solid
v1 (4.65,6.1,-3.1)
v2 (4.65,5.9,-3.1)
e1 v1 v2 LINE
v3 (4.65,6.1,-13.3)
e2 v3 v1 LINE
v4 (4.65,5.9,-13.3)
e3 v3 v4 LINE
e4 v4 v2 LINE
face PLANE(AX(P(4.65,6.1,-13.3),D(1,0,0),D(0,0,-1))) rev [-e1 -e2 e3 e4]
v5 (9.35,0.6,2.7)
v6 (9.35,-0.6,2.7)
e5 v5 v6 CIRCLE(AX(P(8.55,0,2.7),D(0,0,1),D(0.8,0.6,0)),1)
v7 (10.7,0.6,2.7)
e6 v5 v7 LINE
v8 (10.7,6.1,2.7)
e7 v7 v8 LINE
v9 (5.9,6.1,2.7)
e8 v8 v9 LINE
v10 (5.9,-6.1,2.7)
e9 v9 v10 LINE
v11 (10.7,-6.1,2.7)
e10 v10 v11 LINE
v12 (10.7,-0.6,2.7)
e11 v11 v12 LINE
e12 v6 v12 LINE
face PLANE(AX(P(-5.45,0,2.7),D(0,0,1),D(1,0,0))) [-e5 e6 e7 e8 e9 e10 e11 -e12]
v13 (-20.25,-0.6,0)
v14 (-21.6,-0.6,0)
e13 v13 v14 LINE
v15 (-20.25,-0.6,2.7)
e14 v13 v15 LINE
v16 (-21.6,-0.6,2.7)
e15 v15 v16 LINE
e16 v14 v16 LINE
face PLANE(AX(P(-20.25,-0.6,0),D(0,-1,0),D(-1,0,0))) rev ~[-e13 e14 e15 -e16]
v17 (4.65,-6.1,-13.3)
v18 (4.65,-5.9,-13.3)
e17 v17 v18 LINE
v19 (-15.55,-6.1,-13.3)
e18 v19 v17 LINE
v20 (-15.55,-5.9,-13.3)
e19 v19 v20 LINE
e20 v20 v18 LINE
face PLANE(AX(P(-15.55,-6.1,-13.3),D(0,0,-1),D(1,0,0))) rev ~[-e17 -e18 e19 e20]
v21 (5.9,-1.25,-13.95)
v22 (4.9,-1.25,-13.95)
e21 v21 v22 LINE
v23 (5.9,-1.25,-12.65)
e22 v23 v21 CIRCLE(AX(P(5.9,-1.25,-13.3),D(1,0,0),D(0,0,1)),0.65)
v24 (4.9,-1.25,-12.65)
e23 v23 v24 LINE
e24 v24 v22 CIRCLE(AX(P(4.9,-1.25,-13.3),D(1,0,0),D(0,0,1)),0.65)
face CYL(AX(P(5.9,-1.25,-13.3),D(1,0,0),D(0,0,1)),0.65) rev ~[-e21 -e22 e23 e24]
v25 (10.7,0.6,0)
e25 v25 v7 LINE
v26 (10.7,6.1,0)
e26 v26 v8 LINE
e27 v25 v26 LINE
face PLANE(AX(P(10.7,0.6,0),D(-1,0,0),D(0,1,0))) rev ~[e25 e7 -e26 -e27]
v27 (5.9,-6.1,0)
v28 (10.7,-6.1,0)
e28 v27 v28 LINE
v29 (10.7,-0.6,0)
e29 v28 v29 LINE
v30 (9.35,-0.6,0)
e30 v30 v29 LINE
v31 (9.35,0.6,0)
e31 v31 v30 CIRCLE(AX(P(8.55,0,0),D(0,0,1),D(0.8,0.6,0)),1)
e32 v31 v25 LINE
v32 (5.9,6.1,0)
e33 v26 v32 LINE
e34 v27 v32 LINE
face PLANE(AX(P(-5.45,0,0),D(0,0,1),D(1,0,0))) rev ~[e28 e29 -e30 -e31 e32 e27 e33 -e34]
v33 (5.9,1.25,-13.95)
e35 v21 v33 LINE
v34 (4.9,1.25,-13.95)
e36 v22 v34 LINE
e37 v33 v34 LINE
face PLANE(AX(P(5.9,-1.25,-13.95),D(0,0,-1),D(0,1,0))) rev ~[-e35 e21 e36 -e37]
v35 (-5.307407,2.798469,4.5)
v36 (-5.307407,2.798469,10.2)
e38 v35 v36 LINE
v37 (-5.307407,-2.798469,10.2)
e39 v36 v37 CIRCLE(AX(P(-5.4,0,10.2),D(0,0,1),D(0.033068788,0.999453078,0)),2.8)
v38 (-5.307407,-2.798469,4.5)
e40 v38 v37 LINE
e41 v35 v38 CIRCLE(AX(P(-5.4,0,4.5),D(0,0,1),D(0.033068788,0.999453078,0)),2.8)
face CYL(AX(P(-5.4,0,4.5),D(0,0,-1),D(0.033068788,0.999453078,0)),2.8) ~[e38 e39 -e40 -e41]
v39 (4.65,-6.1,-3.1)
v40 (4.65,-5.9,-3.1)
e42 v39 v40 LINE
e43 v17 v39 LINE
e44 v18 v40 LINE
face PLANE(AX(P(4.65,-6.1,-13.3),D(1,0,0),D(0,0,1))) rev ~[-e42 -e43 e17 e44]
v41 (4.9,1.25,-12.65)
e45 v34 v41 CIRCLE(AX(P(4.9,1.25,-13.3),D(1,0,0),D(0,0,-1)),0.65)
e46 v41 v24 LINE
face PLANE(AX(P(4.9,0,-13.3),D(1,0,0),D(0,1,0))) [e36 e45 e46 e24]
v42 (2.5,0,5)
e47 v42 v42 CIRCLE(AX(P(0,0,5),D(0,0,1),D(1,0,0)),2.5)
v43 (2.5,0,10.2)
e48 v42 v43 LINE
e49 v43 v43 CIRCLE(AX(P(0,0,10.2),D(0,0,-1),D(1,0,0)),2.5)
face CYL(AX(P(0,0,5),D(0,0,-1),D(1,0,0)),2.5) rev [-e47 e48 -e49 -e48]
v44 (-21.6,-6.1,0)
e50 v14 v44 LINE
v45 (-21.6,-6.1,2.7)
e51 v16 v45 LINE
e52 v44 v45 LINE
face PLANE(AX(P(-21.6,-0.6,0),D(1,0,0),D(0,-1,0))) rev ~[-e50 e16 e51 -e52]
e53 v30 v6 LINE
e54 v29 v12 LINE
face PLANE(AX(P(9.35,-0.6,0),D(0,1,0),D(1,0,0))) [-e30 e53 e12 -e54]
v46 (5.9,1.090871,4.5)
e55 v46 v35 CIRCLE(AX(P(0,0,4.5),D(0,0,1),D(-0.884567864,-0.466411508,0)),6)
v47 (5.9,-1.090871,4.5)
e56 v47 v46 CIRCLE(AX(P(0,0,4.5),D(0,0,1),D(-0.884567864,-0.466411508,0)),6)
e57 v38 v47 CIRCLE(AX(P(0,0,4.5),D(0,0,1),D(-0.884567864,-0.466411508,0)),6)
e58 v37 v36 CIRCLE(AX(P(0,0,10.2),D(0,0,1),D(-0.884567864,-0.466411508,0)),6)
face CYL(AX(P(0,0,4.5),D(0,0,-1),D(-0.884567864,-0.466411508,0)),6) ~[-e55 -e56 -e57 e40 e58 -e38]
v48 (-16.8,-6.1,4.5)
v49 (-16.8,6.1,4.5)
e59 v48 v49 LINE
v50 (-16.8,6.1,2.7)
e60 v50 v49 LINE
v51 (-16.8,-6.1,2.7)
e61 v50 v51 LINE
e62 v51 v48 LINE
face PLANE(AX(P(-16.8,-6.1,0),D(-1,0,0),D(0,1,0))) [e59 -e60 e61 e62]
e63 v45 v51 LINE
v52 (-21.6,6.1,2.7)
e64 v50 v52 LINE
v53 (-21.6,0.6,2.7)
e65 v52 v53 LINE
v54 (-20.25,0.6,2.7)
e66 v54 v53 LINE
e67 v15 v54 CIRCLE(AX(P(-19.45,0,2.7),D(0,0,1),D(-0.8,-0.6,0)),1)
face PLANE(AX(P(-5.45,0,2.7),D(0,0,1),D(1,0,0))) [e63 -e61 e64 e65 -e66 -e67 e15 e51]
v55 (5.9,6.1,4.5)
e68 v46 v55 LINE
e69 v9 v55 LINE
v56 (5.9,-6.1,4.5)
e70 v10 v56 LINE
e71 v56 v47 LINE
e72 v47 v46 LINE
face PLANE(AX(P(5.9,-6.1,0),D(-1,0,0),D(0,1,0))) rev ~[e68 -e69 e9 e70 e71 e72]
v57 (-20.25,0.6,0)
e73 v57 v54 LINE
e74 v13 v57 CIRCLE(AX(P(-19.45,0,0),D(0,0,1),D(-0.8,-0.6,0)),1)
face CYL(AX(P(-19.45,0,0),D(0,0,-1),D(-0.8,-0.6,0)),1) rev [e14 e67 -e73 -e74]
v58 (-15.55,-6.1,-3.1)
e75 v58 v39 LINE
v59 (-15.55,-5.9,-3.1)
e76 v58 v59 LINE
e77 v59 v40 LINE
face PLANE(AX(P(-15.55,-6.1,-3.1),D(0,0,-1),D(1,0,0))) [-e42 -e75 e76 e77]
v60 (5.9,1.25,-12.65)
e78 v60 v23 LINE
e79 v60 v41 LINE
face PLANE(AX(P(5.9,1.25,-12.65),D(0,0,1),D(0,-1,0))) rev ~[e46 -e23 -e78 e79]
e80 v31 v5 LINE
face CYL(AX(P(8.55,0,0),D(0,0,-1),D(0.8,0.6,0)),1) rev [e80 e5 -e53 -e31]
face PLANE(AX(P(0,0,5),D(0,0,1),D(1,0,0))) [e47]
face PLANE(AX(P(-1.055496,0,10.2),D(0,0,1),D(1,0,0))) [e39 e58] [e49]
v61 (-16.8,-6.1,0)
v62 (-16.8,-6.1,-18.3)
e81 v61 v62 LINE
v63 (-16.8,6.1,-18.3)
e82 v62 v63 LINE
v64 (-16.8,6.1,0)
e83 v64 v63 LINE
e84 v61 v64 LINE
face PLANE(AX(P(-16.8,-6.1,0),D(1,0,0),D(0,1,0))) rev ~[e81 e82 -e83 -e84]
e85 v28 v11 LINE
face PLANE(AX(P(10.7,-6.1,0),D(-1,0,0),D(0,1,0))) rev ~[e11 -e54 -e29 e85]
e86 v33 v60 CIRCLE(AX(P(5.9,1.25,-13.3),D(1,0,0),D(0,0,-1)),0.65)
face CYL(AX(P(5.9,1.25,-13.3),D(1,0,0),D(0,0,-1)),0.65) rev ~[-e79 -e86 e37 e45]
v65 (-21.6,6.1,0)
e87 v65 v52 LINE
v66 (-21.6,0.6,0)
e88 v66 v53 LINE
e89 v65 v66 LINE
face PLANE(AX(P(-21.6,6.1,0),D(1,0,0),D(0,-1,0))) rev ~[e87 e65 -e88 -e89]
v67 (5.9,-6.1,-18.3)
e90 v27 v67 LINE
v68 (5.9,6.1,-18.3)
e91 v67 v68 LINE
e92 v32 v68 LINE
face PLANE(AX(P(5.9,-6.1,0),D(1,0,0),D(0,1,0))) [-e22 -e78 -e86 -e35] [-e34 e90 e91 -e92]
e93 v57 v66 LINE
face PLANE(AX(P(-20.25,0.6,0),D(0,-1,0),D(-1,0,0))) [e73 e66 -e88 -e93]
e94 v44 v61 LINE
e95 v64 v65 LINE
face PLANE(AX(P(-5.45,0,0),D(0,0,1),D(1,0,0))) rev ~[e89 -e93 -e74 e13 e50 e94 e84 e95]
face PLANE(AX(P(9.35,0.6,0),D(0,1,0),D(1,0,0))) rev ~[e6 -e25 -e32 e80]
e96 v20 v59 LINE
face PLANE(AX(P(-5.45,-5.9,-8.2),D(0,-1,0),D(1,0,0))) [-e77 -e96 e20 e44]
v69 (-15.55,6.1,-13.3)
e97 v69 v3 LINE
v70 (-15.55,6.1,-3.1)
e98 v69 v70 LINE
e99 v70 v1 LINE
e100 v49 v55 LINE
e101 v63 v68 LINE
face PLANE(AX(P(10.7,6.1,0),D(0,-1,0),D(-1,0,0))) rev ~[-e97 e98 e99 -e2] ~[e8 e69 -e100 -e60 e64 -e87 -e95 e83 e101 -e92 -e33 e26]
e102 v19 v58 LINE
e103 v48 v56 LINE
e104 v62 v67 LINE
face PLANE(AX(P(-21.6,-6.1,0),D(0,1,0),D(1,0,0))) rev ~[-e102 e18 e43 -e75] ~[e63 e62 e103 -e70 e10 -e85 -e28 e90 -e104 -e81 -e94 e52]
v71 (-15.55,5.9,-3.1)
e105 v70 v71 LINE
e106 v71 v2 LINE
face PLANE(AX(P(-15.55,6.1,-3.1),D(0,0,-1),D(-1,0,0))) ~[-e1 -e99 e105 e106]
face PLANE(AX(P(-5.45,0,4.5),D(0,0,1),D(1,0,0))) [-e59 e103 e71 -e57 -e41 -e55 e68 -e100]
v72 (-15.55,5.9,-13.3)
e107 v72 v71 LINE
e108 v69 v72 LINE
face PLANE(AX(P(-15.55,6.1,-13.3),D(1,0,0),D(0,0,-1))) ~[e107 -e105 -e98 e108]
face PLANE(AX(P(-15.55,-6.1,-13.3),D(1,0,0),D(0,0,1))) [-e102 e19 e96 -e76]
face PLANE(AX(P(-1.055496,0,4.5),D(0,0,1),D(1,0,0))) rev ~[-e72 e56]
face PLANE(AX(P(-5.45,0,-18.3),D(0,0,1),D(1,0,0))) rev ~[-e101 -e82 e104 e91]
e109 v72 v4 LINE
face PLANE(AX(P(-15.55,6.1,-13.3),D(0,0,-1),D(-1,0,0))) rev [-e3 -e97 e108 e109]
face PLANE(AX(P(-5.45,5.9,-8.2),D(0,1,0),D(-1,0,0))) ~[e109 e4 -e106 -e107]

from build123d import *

# Parameters (mm, degrees)
SKETCH_W        = 22.7
SKETCH_H        = 12.2
PAD_DEPTH       = 18.3
PAD001_DEPTH    = 2.7
SKETCH002_W     = 22.7
SKETCH002_H     = 12.2
PAD002_DEPTH    = 4.5
PAD003_DEPTH    = 5.7
SKETCH004_R     = 2.5
POCKET_DEPTH    = 10
POCKET001_DEPTH = 1
SKETCH010_W     = 20.2
SKETCH010_H     = 10.2
POCKET003_DEPTH = 0.2


with BuildPart() as part:
    # Sketch → Pad (new body)
    with BuildSketch(Plane.XY):
        with Locations((-5.45, 0)):
            Rectangle(SKETCH_W, SKETCH_H)
    extrude(amount=-PAD_DEPTH)

    # Sketch001 → Pad001 (join)
    with BuildSketch(Plane.XY):
        with BuildLine():
            Line((-21.6, 6.1), (-21.6, 0.6))
            Line((-20.25, 0.6), (-21.6, 0.6))
            ThreePointArc((-20.25, -0.6), (-18.45, 0), (-20.25, 0.6))
            Line((-20.25, -0.6), (-21.6, -0.6))
            Line((-21.6, -0.6), (-21.6, -6.1))
            Line((-21.6, -6.1), (10.7, -6.1))
            Line((10.7, -6.1), (10.7, -0.6))
            Line((9.35, -0.6), (10.7, -0.6))
            ThreePointArc((9.35, 0.6), (7.55, 0), (9.35, -0.6))
            Line((9.35, 0.6), (10.7, 0.6))
            Line((10.7, 0.6), (10.7, 6.1))
            Line((10.7, 6.1), (-21.6, 6.1))
        make_face()
    extrude(amount=PAD001_DEPTH)

    # Sketch002 → Pad002 (join)
    with BuildSketch(Plane.XY):
        with Locations((-5.45, 0)):
            Rectangle(SKETCH002_W, SKETCH002_H)
    extrude(amount=PAD002_DEPTH)

    # Sketch003 (on Face18 of Pad002) → Pad003 (join)
    with BuildSketch(Plane.XY.offset(4.5)):
        with BuildLine():
            ThreePointArc((-5.307407, -2.798469), (6, 0), (-5.307407, 2.798469))
            ThreePointArc((-5.307407, 2.798469), (-8.2, 0), (-5.307407, -2.798469))
        make_face()
    extrude(amount=PAD003_DEPTH)

    # Sketch004 → Pocket (cut)
    with BuildSketch(Plane.XY.offset(5)):
        Circle(SKETCH004_R)
    extrude(amount=POCKET_DEPTH, mode=Mode.SUBTRACT)

    # Sketch005 (on Face10 of Pocket) → Pocket001 (cut)
    with BuildSketch(Plane.YZ.offset(5.9)):
        with BuildLine():
            ThreePointArc((-1.25, -12.65), (-1.9, -13.3), (-1.25, -13.95))
            Line((-1.25, -13.95), (1.25, -13.95))
            ThreePointArc((1.25, -13.95), (1.9, -13.3), (1.25, -12.65))
            Line((1.25, -12.65), (-1.25, -12.65))
        make_face()
    extrude(amount=-POCKET001_DEPTH, mode=Mode.SUBTRACT)

    # Sketch010 (on Face14 of Pocket001) → Pocket003 (cut)
    with BuildSketch(Plane.XZ.offset(6.1)):
        with Locations((-5.45, -8.2)):
            Rectangle(SKETCH010_W, SKETCH010_H)
    pocket003 = extrude(amount=-POCKET003_DEPTH, mode=Mode.SUBTRACT)

    # Mirrored: Pocket003 across XZ
    add(pocket003.mirror(Plane.XZ), mode=Mode.SUBTRACT)


solid = part.part
